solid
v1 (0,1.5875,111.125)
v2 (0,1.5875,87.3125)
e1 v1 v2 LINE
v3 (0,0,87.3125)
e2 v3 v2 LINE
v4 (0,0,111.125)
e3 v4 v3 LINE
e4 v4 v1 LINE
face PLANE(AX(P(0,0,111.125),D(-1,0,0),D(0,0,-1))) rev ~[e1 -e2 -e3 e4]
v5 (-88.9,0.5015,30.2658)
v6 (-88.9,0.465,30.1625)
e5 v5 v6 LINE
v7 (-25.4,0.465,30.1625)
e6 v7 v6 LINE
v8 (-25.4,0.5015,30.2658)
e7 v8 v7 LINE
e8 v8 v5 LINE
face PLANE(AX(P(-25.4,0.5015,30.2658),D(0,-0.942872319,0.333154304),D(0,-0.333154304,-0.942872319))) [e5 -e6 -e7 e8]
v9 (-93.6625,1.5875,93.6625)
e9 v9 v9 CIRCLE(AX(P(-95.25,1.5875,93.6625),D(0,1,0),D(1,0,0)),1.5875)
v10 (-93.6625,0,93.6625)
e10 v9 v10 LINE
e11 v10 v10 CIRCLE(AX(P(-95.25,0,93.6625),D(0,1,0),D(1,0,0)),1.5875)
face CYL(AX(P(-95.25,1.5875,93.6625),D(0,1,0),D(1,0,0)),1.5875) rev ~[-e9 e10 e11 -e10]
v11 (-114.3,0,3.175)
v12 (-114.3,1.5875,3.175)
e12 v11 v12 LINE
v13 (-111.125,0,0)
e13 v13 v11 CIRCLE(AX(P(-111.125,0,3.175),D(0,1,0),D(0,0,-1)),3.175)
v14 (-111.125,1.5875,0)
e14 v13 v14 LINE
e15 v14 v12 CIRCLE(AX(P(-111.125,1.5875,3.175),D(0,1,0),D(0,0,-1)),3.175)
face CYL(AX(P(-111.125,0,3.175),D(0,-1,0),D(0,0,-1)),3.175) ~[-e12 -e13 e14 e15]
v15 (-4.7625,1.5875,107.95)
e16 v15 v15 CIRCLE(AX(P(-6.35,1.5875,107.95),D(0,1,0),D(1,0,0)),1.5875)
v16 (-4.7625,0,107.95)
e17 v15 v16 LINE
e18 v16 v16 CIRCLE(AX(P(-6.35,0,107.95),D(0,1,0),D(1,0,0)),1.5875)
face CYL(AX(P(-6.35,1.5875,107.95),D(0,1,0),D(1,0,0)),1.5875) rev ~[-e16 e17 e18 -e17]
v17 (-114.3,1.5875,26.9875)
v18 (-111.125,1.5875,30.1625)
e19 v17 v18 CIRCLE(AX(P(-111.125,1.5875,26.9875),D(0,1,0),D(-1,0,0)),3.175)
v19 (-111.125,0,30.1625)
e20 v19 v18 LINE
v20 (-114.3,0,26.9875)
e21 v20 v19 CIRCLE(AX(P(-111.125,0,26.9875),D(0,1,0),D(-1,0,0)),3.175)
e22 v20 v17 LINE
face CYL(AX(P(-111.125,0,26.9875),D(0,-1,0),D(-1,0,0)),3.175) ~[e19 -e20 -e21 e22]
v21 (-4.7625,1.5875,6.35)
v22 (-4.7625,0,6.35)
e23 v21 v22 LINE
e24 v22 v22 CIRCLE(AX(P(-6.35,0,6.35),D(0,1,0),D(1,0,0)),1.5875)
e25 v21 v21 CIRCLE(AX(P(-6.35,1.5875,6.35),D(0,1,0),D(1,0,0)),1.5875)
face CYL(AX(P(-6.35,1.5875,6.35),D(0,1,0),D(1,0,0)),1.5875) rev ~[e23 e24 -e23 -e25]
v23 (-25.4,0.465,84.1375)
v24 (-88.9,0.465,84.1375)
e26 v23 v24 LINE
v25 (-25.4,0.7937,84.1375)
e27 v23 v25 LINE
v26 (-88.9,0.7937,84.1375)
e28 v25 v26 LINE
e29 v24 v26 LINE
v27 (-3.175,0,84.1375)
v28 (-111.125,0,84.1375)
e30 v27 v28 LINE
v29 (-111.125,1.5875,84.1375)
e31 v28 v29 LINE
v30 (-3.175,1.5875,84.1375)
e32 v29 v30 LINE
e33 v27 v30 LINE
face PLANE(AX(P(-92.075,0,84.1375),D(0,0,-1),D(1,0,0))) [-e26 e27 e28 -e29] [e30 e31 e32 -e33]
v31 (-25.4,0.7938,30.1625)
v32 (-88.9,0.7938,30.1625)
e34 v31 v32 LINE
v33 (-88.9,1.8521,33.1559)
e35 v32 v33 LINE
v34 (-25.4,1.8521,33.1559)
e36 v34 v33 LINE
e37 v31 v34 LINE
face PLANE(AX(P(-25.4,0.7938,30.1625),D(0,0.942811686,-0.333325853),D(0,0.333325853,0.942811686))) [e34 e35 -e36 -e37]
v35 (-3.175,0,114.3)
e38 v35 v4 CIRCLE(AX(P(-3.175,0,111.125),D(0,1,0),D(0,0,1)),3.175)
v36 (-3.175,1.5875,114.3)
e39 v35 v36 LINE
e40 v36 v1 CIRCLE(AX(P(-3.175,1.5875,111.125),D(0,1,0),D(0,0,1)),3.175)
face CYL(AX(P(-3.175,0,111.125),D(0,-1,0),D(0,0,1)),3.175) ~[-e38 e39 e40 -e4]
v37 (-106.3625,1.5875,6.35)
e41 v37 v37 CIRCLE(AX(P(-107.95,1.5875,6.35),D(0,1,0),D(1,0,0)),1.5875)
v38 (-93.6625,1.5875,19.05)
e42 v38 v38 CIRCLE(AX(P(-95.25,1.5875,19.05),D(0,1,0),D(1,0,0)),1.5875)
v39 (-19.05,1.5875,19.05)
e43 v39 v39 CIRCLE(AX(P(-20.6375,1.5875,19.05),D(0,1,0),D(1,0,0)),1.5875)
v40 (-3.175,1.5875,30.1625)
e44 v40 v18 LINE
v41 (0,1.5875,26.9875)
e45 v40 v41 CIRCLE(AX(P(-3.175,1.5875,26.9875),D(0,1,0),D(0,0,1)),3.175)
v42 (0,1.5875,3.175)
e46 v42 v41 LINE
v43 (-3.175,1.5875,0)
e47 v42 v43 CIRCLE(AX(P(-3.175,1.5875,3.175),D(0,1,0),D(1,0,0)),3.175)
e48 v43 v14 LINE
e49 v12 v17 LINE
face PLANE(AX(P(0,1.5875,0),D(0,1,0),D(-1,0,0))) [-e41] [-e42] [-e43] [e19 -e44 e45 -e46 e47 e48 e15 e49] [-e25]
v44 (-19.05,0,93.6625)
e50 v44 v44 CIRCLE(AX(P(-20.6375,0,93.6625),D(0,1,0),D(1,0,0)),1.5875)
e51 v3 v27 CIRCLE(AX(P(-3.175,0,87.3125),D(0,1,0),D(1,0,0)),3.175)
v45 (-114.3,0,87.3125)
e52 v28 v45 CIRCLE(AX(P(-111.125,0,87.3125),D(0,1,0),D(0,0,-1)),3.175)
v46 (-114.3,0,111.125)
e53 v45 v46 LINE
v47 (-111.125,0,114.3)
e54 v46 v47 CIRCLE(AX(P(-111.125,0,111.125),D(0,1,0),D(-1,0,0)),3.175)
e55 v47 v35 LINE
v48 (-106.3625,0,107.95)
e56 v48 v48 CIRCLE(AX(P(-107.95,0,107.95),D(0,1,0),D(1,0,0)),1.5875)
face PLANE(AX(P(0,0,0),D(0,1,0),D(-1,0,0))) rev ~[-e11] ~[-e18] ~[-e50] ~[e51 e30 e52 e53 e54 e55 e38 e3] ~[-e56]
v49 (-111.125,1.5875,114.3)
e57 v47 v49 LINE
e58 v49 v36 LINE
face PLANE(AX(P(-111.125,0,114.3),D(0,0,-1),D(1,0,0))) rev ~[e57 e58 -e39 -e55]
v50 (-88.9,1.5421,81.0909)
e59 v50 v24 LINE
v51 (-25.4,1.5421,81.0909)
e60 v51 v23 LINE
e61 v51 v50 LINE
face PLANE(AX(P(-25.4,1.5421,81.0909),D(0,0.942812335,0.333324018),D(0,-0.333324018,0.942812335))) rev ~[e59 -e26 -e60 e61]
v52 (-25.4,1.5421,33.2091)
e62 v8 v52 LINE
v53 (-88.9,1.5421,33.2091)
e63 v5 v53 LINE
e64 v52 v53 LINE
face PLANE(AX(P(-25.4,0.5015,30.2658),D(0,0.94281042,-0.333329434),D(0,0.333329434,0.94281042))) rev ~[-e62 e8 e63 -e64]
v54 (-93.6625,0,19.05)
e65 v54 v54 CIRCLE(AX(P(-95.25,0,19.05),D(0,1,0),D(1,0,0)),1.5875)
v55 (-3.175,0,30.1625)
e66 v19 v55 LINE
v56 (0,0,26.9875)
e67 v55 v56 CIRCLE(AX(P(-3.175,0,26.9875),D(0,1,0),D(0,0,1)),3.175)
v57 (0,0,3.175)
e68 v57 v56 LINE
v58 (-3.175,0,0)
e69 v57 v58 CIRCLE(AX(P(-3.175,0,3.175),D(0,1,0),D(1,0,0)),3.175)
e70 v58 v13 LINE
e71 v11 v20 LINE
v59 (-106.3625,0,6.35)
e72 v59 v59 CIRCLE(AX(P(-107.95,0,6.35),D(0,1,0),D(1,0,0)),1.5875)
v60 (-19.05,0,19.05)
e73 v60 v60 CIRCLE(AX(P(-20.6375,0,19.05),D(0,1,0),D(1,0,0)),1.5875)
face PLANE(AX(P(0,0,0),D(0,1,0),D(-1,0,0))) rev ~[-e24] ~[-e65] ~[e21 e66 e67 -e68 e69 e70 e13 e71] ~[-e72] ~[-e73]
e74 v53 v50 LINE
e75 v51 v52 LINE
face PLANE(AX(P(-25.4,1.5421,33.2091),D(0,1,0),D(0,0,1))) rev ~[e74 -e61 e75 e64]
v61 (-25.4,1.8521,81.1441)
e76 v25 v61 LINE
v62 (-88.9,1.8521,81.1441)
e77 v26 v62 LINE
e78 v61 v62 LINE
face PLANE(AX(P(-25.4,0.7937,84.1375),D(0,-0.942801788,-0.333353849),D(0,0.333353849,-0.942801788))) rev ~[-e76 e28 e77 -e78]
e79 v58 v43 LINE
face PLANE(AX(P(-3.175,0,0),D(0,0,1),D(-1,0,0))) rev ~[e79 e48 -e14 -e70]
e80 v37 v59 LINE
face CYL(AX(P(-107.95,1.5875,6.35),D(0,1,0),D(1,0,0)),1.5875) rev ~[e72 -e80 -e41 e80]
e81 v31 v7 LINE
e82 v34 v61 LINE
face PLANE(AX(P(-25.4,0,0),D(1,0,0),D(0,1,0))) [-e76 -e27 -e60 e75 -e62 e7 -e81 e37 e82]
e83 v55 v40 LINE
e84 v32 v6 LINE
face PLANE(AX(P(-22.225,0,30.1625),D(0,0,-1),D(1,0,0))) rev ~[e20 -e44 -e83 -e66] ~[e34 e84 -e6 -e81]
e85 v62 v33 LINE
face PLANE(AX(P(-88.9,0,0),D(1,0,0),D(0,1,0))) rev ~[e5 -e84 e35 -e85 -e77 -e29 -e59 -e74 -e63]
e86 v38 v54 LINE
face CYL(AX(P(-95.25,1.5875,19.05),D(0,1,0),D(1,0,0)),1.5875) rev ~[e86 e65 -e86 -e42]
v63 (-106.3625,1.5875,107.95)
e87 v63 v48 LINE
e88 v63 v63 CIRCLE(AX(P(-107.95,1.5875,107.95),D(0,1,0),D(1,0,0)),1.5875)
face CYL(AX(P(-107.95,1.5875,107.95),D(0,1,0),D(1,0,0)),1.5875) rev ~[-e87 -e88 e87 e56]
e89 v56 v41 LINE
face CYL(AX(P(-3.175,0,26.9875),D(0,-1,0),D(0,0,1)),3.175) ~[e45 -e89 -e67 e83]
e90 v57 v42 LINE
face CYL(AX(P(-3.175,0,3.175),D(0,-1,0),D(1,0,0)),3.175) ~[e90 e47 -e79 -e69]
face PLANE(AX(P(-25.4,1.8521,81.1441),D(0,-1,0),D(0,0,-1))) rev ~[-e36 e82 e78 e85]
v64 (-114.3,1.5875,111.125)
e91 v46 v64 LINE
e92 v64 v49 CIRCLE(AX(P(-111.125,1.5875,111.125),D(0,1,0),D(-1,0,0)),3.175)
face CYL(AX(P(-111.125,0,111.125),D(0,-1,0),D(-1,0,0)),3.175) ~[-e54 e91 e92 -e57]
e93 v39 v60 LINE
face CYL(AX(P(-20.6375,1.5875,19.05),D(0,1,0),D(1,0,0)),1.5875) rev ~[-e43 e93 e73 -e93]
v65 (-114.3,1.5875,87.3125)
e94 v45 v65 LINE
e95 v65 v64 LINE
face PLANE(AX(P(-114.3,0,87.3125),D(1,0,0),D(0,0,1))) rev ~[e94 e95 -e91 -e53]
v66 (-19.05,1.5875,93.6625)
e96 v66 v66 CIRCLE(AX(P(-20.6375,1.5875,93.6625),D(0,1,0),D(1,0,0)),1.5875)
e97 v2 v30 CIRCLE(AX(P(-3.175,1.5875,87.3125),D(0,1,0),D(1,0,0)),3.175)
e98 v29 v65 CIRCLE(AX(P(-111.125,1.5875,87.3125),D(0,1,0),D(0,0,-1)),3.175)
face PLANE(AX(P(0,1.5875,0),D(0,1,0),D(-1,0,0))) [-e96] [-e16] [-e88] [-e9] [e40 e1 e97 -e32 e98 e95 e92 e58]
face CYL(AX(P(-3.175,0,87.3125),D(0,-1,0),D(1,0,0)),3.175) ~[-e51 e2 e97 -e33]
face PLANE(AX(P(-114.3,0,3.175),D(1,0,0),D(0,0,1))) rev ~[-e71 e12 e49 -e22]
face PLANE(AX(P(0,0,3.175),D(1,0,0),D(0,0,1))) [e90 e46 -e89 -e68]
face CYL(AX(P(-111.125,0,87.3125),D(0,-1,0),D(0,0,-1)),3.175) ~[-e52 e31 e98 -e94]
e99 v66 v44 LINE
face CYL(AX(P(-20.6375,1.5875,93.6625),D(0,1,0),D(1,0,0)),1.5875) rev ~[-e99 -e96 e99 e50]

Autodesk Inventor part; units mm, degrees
ref_plane "XZ Plane" through (0, 0, 0) normal (0, 1, 0) x (-1, 0, 0)
ref_plane "XY Plane" through (0, 0, 0) normal (0, 0, 1) x (1, 0, 0)
sketch "Sketch1" plane through (0, 0, 0) normal (0, 1, 0) x (-1, 0, 0)
  line L0 (3.175, 0) -> (111.125, 0)
  line L1 (114.3, 3.175) -> (114.3, 26.9875)
  line L2 (111.125, 30.1625) -> (92.075, 30.1625)
  line L3 (92.075, 84.1375) -> (111.125, 84.1375)
  line L4 (114.3, 87.3125) -> (114.3, 111.125)
  line L5 (111.125, 114.3) -> (3.175, 114.3)
  line L6 (0, 111.125) -> (0, 87.3125)
  line L7 (3.175, 84.1375) -> (22.225, 84.1375)
  line L8 (22.225, 30.1625) -> (3.175, 30.1625)
  line L9 (0, 3.175) -> (0, 26.9875)
  arc A0 (114.3, 111.125) -> (111.125, 114.3) centre (111.125, 111.125) ccw
  arc A1 (111.125, 84.1375) -> (114.3, 87.3125) centre (111.125, 87.3125) ccw
  arc A2 (114.3, 26.9875) -> (111.125, 30.1625) centre (111.125, 26.9875) ccw
  arc A3 (111.125, 0) -> (114.3, 3.175) centre (111.125, 3.175) ccw
  arc A4 (0, 3.175) -> (3.175, 0) centre (3.175, 3.175) ccw
  arc A5 (3.175, 30.1625) -> (0, 26.9875) centre (3.175, 26.9875) ccw
  arc A6 (0, 87.3125) -> (3.175, 84.1375) centre (3.175, 87.3125) ccw
  arc A7 (3.175, 114.3) -> (0, 111.125) centre (3.175, 111.125) ccw
  line L10 (92.075, 84.1375) -> (22.225, 84.1375)
  line L11 (92.075, 30.1625) -> (22.225, 30.1625)
  point P0 (0, 0)
  point P1 (114.3, 0)
  point P2 (114.3, 30.1625)
  point P3 (88.9, 30.1625)
  point P4 (88.9, 84.1375)
  point P5 (114.3, 84.1375)
  point P6 (114.3, 114.3)
  point P7 (0, 114.3)
  point P8 (0, 84.1375)
  point P9 (25.4, 84.1375)
  point P10 (25.4, 30.1625)
  point P11 (0, 30.1625)
  dimension "d0" = 114.3
  dimension "d1" = 30.1625
  dimension "d2" = 25.4
  dimension "d4" = 30.1625
  dimension "d5" = 114.3
  dimension "d6" = 25.4
  dimension "d9" = 3.175
  dimension "d42" = 114.3
extrude "Extrusion1" add sketch "Sketch1" along normal blind 1.5875
ref_plane "Work Plane1" through (-25.4, 0, 0) normal (1, 0, 0) x (0, 1, 0)
sketch "Sketch3" plane through (-25.4, 0, 0) normal (1, 0, 0) x (0, 1, 0)
  line L0 (0, 84.1375) -> (1.5875, 84.1375) projected
  line L1 (0.7937, 84.1375) -> (1.8521, 81.1441)
  line L2 (0.7937, 84.1375) -> (3.9688, 84.1375) construction
  line L3 (0, 30.1625) -> (1.5875, 30.1625) construction
  line L4 (7.9375, 57.15) -> (-6.35, 57.15) construction
  line L5 (1.8521, 81.1441) -> (1.8521, 57.15)
  line L6 (0.7938, 30.1625) -> (1.8521, 33.1559)
  line L7 (1.8521, 33.1559) -> (1.8521, 57.15)
  line L8 (0.5015, 30.2658) -> (1.5421, 33.2091)
  line L9 (1.5421, 33.2091) -> (1.5421, 55.5625)
  line L10 (1.5421, 55.5625) -> (1.5421, 81.0909)
  line L11 (1.5421, 81.0909) -> (0.3554, 84.4475)
  line L12 (0.3554, 84.4475) -> (3.9687, 84.4475)
  line L13 (0.5015, 30.2658) -> (0.465, 30.1625)
  line L14 (0.7938, 30.1625) -> (0.465, 30.1625)
  line L15 (0.7937, 84.1375) -> (0.465, 84.1375)
  point P0 (0, 0)
  dimension "d11" = 3.175
  dimension "d12" = 70.529
extrude "Extrusion2" add sketch "Sketch3" against normal blind 63.5
sketch "Sketch4" plane through (0, 1.5875, 0) normal (0, 1, 0) x (1, 0, 0)
  circle A0 centre (-107.95, -6.35) radius 1.5875
  line L0 (-111.125, -30.1625) -> (-3.175, -30.1625) projected
  line L1 (-114.3, -3.175) -> (-114.3, -26.9875) projected
  circle A1 centre (-6.35, -6.35) radius 1.5875
  circle A2 centre (-107.95, -107.95) radius 1.5875
  circle A3 centre (-6.35, -107.95) radius 1.5875
  line L2 (-3.175, 0) -> (-111.125, 0) projected
  line L3 (-111.125, -114.3) -> (-3.175, -114.3) projected
  line L4 (-107.95, -6.35) -> (-76.5191, -6.35) construction
  line L5 (-107.95, -6.35) -> (-82.55, -6.35) construction
  circle A4 centre (-95.25, -19.05) radius 1.5875
  circle A5 centre (-20.6375, -19.05) radius 1.5875
  circle A6 centre (-95.25, -93.6625) radius 1.5875
  circle A7 centre (-20.6375, -93.6625) radius 1.5875
  line L6 (0, -26.9875) -> (0, -3.175) projected
  point P0 (0, 0)
  point P1 (-114.3, -15.0812)
  dimension "d15" = 3.175
  dimension "d17" = 6.35
  dimension "d28" = 101.6
  dimension "d31" = 101.6
  dimension "d43" = 107.95
  dimension "d48" = 3.175
  dimension "d51" = 74.6125
  dimension "d54" = 74.6125
  dimension "d57" = 95.25
  dimension "d58" = 95.25
extrude "Extrusion4" cut sketch "Sketch4" against normal blind 63.5
properties part number "Monitor Base v1.0"
